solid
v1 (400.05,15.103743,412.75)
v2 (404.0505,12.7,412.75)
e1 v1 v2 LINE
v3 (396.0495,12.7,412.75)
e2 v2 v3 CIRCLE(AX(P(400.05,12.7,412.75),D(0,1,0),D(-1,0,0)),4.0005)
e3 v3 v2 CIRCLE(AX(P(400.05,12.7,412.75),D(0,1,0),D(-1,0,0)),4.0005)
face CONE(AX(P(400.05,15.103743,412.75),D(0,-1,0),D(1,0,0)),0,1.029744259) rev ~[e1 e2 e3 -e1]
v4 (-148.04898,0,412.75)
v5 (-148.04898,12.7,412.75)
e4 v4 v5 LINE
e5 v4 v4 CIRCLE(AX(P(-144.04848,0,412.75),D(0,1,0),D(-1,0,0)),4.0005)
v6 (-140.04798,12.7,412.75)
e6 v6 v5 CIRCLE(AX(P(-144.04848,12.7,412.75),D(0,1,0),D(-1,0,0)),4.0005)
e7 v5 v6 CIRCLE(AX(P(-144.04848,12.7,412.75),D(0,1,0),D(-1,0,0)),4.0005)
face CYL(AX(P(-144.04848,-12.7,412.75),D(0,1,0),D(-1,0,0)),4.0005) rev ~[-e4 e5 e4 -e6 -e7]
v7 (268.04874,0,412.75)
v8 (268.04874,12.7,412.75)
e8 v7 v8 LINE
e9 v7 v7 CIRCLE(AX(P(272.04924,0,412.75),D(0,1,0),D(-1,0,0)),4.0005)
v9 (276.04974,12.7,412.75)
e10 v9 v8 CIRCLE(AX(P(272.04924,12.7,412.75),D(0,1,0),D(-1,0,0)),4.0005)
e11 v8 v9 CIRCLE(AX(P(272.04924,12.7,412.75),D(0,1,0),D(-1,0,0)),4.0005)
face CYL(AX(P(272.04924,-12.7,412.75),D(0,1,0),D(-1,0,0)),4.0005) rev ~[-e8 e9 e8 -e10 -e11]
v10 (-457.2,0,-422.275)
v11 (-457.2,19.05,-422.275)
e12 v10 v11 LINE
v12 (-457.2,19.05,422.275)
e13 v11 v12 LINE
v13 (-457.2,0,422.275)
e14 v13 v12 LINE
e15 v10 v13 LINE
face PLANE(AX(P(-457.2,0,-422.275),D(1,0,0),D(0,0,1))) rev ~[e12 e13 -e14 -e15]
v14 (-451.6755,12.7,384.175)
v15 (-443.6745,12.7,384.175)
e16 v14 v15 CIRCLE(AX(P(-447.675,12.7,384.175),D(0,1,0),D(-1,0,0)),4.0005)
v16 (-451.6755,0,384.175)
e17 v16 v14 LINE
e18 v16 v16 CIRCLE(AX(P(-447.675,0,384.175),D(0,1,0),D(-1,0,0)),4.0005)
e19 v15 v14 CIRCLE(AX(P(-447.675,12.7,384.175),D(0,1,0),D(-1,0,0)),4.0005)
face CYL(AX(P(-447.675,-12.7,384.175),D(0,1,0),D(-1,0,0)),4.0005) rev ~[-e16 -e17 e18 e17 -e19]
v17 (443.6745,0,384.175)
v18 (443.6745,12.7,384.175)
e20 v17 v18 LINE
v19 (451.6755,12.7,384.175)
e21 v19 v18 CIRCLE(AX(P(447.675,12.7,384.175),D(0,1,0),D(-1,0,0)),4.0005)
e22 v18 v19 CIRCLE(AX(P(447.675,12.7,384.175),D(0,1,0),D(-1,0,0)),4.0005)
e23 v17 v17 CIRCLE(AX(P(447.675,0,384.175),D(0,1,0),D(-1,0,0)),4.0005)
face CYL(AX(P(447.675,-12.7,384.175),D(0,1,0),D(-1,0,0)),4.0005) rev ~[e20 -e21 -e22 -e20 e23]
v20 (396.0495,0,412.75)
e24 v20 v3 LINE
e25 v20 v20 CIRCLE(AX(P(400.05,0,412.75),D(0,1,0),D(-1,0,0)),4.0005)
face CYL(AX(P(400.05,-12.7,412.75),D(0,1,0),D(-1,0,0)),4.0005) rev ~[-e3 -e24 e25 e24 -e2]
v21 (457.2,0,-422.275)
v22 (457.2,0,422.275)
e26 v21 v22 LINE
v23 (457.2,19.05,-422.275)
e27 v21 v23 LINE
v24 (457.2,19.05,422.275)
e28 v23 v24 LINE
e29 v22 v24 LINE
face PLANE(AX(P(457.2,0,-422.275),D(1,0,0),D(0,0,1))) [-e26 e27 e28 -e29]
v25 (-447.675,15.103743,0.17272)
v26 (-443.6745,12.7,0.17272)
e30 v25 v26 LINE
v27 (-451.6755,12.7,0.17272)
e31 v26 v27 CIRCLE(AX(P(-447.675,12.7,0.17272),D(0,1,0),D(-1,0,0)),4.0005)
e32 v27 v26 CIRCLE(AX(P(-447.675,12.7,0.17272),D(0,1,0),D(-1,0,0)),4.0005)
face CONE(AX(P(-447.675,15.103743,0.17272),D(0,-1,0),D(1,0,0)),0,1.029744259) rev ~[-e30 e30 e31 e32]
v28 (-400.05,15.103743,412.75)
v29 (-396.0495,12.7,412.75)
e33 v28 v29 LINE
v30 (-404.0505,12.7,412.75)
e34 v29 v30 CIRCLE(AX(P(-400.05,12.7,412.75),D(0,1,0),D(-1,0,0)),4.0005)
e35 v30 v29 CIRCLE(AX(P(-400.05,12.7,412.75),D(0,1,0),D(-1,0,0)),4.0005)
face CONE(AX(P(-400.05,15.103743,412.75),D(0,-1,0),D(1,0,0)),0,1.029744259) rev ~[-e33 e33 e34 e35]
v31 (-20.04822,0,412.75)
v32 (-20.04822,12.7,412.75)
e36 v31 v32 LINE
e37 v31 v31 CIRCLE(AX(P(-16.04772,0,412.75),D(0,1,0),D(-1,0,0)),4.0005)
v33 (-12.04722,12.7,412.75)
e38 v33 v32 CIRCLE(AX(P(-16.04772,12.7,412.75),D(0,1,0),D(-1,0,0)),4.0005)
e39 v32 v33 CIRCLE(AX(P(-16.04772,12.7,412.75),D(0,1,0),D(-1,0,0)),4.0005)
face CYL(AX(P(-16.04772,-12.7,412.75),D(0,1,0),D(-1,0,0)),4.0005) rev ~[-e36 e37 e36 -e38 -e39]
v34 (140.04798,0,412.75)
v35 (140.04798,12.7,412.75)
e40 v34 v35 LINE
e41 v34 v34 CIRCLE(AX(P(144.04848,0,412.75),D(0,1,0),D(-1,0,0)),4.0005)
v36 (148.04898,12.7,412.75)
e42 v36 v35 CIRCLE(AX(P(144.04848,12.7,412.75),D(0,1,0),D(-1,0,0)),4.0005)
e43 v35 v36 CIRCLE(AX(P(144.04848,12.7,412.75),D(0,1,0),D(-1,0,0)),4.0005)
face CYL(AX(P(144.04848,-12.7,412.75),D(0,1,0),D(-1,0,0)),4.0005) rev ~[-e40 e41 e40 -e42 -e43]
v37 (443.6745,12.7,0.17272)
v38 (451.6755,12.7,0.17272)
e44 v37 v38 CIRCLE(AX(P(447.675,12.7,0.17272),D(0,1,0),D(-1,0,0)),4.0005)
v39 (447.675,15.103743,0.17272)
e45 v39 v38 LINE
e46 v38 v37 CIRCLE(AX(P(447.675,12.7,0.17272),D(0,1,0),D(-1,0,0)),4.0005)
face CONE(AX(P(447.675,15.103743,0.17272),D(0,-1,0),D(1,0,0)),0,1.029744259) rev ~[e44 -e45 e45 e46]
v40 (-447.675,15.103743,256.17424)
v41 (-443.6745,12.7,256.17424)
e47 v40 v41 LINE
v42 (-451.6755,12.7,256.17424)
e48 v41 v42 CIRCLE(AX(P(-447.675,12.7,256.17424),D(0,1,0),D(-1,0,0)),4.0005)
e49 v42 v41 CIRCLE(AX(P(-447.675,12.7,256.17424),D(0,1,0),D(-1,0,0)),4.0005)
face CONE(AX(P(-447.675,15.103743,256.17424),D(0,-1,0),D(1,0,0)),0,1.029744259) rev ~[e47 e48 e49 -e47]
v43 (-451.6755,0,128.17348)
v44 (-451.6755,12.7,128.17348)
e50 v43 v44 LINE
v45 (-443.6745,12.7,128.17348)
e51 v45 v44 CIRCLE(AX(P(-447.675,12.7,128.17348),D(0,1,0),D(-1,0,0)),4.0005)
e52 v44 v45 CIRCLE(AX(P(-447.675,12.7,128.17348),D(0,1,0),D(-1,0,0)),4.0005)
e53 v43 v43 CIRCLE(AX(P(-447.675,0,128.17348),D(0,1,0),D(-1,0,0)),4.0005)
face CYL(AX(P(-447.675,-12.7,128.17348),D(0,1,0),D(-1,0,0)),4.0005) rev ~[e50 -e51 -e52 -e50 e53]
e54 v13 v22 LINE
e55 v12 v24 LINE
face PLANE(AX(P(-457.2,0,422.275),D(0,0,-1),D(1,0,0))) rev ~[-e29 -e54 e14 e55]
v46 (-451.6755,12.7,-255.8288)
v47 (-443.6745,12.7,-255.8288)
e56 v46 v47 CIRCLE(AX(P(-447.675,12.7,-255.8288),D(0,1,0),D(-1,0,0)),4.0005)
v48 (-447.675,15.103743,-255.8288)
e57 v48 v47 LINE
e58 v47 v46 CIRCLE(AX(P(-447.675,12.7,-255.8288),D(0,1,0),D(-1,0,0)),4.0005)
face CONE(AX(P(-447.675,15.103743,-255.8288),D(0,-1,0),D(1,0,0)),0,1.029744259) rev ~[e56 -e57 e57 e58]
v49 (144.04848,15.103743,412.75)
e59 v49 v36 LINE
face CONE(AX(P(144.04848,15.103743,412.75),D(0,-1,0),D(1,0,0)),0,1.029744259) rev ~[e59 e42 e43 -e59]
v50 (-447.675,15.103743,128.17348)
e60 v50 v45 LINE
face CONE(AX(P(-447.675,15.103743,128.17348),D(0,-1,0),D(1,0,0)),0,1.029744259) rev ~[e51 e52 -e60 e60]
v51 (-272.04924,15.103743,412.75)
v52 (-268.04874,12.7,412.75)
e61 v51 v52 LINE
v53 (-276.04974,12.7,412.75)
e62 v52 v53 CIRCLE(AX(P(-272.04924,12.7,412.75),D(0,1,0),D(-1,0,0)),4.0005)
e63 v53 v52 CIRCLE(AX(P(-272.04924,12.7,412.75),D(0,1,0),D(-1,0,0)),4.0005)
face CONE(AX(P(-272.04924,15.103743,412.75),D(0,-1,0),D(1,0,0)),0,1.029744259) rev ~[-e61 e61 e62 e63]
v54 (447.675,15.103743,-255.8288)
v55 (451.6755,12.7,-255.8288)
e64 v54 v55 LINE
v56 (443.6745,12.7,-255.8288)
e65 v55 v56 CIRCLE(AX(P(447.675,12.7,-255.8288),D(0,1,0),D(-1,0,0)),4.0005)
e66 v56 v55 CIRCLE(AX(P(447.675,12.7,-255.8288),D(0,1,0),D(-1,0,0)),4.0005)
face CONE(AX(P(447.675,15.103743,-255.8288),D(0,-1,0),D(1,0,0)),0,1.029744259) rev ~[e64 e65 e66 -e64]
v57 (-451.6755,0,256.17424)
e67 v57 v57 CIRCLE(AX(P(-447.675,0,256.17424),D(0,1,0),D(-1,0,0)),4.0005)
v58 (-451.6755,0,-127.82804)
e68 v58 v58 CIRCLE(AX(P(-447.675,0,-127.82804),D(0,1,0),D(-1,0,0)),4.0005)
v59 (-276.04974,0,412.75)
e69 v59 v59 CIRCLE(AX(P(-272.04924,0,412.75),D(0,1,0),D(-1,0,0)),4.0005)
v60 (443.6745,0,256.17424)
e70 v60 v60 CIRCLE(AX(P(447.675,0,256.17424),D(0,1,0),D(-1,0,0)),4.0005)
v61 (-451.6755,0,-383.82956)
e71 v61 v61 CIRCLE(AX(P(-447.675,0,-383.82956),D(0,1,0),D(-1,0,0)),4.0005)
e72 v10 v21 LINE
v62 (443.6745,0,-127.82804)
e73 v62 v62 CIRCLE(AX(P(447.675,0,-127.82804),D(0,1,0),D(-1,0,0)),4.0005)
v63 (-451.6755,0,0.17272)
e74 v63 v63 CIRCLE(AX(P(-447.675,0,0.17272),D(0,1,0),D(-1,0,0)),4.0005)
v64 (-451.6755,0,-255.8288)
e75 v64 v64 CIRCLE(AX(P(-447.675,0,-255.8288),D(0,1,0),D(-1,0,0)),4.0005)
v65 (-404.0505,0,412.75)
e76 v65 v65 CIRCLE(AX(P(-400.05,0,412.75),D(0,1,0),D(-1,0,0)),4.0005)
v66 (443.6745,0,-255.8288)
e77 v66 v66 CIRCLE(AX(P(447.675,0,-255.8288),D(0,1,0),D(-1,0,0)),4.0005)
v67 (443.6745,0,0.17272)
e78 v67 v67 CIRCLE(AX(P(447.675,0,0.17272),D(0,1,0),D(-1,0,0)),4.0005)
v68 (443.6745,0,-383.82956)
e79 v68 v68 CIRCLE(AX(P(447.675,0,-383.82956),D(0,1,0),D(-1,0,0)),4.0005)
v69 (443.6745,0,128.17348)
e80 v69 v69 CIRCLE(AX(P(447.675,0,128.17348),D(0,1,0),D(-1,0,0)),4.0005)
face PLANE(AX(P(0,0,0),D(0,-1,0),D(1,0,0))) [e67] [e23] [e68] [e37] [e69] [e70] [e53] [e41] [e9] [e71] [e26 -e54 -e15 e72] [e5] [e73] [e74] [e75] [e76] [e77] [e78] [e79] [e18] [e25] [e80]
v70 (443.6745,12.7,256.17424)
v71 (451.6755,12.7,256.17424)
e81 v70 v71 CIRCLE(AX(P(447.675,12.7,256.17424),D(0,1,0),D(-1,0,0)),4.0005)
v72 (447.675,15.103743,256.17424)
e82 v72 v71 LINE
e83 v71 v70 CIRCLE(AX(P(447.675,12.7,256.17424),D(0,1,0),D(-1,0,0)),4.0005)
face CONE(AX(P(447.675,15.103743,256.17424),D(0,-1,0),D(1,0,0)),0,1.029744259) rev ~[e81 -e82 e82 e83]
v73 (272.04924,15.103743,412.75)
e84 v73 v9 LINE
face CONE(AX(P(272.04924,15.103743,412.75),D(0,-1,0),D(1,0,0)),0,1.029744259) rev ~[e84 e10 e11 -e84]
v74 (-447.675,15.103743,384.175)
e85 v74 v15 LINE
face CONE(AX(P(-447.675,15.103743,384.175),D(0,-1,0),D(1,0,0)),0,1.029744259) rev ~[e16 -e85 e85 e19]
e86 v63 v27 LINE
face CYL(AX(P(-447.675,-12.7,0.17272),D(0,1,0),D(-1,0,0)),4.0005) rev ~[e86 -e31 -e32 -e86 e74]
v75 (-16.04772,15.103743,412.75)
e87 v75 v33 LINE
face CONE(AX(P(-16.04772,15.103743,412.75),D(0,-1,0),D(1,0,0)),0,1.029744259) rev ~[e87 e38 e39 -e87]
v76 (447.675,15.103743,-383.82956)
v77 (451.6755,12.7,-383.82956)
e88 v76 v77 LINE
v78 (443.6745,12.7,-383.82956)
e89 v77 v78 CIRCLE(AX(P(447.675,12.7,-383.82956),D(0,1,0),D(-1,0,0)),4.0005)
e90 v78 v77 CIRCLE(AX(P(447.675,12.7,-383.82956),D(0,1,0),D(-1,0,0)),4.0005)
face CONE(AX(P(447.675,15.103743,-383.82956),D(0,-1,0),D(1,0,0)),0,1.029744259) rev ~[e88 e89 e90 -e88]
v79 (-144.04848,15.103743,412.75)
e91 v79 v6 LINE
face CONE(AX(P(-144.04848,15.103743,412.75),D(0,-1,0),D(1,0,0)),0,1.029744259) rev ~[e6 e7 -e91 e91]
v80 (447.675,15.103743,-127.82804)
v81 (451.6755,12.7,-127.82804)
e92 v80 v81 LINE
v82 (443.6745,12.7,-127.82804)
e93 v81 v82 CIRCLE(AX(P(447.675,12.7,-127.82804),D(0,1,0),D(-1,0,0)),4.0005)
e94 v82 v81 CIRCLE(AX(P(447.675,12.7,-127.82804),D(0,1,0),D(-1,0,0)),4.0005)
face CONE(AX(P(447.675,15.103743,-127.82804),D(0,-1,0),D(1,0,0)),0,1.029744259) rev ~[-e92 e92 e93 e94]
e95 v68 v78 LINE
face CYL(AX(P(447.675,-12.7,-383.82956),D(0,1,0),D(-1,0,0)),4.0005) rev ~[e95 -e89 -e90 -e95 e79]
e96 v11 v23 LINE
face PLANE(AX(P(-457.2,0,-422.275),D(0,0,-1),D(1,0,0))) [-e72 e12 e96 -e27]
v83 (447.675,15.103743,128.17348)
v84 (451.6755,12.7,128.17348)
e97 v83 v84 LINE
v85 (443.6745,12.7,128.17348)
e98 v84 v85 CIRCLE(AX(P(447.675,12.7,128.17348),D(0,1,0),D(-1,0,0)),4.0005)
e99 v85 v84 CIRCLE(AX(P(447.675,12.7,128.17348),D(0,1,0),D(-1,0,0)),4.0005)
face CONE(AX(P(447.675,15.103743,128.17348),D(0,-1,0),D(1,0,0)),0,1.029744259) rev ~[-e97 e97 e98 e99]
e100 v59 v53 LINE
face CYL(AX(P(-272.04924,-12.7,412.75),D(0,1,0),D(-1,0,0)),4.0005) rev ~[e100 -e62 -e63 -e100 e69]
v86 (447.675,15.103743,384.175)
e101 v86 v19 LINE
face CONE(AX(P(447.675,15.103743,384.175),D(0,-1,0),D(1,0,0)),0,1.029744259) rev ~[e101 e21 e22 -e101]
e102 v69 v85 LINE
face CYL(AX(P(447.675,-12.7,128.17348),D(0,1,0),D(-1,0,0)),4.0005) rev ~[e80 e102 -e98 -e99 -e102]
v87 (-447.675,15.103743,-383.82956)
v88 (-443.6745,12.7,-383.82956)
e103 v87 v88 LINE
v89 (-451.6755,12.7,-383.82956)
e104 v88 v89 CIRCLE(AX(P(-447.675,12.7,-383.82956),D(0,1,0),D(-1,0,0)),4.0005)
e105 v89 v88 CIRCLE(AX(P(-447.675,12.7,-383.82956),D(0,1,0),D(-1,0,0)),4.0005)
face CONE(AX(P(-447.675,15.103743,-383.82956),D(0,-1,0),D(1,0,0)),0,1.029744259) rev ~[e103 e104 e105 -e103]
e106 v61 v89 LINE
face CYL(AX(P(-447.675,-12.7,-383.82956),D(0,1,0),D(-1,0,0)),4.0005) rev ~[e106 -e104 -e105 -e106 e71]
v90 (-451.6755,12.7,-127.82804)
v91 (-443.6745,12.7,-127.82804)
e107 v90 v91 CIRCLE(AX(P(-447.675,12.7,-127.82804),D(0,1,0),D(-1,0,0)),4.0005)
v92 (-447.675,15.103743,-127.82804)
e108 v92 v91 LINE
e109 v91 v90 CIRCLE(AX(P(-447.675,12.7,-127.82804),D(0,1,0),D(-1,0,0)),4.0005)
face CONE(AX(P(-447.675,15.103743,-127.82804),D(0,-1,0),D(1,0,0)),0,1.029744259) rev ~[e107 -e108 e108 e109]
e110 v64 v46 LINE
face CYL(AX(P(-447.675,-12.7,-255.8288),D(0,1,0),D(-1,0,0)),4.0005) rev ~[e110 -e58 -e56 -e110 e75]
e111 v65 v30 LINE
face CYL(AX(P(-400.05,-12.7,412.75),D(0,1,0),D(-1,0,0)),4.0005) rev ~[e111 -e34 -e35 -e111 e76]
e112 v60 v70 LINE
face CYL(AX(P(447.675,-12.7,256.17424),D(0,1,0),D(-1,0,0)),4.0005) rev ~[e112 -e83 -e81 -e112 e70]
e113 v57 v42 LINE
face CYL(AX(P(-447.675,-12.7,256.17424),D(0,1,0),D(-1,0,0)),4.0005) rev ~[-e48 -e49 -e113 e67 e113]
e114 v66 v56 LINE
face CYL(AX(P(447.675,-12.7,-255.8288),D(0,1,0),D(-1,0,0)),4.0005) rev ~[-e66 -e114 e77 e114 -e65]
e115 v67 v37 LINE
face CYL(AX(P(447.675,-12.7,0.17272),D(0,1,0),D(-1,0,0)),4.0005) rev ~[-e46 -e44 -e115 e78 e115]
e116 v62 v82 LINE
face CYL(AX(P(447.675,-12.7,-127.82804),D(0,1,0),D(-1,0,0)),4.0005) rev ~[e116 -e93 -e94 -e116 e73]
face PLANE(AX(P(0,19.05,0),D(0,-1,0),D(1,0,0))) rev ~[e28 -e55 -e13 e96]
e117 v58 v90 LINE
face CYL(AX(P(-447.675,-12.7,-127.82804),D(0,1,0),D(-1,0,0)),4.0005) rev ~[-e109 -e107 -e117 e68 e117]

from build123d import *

# Parameters (mm, degrees)
F0_W     = 914.4
F0_H     = 844.55
F1_DEPTH = 19.05
F3_D     = 8.001
F3_DEPTH = 12.7
F3_TIP   = 2.4037429064


with BuildPart() as f1:
    # F0 (on Front) → F1 (new body)
    with BuildSketch(Plane.XZ):
        Rectangle(F0_W, F0_H)
    extrude(amount=-F1_DEPTH)

    # F3
    with Locations(Plane.XZ):
        with Locations((-447.675, -383.82956), (-447.675, -255.8288), (-447.675, -127.82804), (-447.675, 0.17272), (-447.675, 128.17348), (-447.675, 256.17424), (-447.675, 384.175), (-400.05, 412.75), (-272.04924, 412.75), (-144.04848, 412.75), (-16.04772, 412.75), (144.04848, 412.75), (272.04924, 412.75), (400.05, 412.75), (447.675, 384.175), (447.675, 256.17424), (447.675, 128.17348), (447.675, 0.17272), (447.675, -127.82804), (447.675, -255.8288), (447.675, -383.82956)):
            Hole(F3_D / 2, depth=F3_DEPTH)
            with Locations((0, 0, -(F3_DEPTH + F3_TIP / 2))):  # 118° drill point
                Cone(0, F3_D / 2, F3_TIP, mode=Mode.SUBTRACT)


solid = f1.part
